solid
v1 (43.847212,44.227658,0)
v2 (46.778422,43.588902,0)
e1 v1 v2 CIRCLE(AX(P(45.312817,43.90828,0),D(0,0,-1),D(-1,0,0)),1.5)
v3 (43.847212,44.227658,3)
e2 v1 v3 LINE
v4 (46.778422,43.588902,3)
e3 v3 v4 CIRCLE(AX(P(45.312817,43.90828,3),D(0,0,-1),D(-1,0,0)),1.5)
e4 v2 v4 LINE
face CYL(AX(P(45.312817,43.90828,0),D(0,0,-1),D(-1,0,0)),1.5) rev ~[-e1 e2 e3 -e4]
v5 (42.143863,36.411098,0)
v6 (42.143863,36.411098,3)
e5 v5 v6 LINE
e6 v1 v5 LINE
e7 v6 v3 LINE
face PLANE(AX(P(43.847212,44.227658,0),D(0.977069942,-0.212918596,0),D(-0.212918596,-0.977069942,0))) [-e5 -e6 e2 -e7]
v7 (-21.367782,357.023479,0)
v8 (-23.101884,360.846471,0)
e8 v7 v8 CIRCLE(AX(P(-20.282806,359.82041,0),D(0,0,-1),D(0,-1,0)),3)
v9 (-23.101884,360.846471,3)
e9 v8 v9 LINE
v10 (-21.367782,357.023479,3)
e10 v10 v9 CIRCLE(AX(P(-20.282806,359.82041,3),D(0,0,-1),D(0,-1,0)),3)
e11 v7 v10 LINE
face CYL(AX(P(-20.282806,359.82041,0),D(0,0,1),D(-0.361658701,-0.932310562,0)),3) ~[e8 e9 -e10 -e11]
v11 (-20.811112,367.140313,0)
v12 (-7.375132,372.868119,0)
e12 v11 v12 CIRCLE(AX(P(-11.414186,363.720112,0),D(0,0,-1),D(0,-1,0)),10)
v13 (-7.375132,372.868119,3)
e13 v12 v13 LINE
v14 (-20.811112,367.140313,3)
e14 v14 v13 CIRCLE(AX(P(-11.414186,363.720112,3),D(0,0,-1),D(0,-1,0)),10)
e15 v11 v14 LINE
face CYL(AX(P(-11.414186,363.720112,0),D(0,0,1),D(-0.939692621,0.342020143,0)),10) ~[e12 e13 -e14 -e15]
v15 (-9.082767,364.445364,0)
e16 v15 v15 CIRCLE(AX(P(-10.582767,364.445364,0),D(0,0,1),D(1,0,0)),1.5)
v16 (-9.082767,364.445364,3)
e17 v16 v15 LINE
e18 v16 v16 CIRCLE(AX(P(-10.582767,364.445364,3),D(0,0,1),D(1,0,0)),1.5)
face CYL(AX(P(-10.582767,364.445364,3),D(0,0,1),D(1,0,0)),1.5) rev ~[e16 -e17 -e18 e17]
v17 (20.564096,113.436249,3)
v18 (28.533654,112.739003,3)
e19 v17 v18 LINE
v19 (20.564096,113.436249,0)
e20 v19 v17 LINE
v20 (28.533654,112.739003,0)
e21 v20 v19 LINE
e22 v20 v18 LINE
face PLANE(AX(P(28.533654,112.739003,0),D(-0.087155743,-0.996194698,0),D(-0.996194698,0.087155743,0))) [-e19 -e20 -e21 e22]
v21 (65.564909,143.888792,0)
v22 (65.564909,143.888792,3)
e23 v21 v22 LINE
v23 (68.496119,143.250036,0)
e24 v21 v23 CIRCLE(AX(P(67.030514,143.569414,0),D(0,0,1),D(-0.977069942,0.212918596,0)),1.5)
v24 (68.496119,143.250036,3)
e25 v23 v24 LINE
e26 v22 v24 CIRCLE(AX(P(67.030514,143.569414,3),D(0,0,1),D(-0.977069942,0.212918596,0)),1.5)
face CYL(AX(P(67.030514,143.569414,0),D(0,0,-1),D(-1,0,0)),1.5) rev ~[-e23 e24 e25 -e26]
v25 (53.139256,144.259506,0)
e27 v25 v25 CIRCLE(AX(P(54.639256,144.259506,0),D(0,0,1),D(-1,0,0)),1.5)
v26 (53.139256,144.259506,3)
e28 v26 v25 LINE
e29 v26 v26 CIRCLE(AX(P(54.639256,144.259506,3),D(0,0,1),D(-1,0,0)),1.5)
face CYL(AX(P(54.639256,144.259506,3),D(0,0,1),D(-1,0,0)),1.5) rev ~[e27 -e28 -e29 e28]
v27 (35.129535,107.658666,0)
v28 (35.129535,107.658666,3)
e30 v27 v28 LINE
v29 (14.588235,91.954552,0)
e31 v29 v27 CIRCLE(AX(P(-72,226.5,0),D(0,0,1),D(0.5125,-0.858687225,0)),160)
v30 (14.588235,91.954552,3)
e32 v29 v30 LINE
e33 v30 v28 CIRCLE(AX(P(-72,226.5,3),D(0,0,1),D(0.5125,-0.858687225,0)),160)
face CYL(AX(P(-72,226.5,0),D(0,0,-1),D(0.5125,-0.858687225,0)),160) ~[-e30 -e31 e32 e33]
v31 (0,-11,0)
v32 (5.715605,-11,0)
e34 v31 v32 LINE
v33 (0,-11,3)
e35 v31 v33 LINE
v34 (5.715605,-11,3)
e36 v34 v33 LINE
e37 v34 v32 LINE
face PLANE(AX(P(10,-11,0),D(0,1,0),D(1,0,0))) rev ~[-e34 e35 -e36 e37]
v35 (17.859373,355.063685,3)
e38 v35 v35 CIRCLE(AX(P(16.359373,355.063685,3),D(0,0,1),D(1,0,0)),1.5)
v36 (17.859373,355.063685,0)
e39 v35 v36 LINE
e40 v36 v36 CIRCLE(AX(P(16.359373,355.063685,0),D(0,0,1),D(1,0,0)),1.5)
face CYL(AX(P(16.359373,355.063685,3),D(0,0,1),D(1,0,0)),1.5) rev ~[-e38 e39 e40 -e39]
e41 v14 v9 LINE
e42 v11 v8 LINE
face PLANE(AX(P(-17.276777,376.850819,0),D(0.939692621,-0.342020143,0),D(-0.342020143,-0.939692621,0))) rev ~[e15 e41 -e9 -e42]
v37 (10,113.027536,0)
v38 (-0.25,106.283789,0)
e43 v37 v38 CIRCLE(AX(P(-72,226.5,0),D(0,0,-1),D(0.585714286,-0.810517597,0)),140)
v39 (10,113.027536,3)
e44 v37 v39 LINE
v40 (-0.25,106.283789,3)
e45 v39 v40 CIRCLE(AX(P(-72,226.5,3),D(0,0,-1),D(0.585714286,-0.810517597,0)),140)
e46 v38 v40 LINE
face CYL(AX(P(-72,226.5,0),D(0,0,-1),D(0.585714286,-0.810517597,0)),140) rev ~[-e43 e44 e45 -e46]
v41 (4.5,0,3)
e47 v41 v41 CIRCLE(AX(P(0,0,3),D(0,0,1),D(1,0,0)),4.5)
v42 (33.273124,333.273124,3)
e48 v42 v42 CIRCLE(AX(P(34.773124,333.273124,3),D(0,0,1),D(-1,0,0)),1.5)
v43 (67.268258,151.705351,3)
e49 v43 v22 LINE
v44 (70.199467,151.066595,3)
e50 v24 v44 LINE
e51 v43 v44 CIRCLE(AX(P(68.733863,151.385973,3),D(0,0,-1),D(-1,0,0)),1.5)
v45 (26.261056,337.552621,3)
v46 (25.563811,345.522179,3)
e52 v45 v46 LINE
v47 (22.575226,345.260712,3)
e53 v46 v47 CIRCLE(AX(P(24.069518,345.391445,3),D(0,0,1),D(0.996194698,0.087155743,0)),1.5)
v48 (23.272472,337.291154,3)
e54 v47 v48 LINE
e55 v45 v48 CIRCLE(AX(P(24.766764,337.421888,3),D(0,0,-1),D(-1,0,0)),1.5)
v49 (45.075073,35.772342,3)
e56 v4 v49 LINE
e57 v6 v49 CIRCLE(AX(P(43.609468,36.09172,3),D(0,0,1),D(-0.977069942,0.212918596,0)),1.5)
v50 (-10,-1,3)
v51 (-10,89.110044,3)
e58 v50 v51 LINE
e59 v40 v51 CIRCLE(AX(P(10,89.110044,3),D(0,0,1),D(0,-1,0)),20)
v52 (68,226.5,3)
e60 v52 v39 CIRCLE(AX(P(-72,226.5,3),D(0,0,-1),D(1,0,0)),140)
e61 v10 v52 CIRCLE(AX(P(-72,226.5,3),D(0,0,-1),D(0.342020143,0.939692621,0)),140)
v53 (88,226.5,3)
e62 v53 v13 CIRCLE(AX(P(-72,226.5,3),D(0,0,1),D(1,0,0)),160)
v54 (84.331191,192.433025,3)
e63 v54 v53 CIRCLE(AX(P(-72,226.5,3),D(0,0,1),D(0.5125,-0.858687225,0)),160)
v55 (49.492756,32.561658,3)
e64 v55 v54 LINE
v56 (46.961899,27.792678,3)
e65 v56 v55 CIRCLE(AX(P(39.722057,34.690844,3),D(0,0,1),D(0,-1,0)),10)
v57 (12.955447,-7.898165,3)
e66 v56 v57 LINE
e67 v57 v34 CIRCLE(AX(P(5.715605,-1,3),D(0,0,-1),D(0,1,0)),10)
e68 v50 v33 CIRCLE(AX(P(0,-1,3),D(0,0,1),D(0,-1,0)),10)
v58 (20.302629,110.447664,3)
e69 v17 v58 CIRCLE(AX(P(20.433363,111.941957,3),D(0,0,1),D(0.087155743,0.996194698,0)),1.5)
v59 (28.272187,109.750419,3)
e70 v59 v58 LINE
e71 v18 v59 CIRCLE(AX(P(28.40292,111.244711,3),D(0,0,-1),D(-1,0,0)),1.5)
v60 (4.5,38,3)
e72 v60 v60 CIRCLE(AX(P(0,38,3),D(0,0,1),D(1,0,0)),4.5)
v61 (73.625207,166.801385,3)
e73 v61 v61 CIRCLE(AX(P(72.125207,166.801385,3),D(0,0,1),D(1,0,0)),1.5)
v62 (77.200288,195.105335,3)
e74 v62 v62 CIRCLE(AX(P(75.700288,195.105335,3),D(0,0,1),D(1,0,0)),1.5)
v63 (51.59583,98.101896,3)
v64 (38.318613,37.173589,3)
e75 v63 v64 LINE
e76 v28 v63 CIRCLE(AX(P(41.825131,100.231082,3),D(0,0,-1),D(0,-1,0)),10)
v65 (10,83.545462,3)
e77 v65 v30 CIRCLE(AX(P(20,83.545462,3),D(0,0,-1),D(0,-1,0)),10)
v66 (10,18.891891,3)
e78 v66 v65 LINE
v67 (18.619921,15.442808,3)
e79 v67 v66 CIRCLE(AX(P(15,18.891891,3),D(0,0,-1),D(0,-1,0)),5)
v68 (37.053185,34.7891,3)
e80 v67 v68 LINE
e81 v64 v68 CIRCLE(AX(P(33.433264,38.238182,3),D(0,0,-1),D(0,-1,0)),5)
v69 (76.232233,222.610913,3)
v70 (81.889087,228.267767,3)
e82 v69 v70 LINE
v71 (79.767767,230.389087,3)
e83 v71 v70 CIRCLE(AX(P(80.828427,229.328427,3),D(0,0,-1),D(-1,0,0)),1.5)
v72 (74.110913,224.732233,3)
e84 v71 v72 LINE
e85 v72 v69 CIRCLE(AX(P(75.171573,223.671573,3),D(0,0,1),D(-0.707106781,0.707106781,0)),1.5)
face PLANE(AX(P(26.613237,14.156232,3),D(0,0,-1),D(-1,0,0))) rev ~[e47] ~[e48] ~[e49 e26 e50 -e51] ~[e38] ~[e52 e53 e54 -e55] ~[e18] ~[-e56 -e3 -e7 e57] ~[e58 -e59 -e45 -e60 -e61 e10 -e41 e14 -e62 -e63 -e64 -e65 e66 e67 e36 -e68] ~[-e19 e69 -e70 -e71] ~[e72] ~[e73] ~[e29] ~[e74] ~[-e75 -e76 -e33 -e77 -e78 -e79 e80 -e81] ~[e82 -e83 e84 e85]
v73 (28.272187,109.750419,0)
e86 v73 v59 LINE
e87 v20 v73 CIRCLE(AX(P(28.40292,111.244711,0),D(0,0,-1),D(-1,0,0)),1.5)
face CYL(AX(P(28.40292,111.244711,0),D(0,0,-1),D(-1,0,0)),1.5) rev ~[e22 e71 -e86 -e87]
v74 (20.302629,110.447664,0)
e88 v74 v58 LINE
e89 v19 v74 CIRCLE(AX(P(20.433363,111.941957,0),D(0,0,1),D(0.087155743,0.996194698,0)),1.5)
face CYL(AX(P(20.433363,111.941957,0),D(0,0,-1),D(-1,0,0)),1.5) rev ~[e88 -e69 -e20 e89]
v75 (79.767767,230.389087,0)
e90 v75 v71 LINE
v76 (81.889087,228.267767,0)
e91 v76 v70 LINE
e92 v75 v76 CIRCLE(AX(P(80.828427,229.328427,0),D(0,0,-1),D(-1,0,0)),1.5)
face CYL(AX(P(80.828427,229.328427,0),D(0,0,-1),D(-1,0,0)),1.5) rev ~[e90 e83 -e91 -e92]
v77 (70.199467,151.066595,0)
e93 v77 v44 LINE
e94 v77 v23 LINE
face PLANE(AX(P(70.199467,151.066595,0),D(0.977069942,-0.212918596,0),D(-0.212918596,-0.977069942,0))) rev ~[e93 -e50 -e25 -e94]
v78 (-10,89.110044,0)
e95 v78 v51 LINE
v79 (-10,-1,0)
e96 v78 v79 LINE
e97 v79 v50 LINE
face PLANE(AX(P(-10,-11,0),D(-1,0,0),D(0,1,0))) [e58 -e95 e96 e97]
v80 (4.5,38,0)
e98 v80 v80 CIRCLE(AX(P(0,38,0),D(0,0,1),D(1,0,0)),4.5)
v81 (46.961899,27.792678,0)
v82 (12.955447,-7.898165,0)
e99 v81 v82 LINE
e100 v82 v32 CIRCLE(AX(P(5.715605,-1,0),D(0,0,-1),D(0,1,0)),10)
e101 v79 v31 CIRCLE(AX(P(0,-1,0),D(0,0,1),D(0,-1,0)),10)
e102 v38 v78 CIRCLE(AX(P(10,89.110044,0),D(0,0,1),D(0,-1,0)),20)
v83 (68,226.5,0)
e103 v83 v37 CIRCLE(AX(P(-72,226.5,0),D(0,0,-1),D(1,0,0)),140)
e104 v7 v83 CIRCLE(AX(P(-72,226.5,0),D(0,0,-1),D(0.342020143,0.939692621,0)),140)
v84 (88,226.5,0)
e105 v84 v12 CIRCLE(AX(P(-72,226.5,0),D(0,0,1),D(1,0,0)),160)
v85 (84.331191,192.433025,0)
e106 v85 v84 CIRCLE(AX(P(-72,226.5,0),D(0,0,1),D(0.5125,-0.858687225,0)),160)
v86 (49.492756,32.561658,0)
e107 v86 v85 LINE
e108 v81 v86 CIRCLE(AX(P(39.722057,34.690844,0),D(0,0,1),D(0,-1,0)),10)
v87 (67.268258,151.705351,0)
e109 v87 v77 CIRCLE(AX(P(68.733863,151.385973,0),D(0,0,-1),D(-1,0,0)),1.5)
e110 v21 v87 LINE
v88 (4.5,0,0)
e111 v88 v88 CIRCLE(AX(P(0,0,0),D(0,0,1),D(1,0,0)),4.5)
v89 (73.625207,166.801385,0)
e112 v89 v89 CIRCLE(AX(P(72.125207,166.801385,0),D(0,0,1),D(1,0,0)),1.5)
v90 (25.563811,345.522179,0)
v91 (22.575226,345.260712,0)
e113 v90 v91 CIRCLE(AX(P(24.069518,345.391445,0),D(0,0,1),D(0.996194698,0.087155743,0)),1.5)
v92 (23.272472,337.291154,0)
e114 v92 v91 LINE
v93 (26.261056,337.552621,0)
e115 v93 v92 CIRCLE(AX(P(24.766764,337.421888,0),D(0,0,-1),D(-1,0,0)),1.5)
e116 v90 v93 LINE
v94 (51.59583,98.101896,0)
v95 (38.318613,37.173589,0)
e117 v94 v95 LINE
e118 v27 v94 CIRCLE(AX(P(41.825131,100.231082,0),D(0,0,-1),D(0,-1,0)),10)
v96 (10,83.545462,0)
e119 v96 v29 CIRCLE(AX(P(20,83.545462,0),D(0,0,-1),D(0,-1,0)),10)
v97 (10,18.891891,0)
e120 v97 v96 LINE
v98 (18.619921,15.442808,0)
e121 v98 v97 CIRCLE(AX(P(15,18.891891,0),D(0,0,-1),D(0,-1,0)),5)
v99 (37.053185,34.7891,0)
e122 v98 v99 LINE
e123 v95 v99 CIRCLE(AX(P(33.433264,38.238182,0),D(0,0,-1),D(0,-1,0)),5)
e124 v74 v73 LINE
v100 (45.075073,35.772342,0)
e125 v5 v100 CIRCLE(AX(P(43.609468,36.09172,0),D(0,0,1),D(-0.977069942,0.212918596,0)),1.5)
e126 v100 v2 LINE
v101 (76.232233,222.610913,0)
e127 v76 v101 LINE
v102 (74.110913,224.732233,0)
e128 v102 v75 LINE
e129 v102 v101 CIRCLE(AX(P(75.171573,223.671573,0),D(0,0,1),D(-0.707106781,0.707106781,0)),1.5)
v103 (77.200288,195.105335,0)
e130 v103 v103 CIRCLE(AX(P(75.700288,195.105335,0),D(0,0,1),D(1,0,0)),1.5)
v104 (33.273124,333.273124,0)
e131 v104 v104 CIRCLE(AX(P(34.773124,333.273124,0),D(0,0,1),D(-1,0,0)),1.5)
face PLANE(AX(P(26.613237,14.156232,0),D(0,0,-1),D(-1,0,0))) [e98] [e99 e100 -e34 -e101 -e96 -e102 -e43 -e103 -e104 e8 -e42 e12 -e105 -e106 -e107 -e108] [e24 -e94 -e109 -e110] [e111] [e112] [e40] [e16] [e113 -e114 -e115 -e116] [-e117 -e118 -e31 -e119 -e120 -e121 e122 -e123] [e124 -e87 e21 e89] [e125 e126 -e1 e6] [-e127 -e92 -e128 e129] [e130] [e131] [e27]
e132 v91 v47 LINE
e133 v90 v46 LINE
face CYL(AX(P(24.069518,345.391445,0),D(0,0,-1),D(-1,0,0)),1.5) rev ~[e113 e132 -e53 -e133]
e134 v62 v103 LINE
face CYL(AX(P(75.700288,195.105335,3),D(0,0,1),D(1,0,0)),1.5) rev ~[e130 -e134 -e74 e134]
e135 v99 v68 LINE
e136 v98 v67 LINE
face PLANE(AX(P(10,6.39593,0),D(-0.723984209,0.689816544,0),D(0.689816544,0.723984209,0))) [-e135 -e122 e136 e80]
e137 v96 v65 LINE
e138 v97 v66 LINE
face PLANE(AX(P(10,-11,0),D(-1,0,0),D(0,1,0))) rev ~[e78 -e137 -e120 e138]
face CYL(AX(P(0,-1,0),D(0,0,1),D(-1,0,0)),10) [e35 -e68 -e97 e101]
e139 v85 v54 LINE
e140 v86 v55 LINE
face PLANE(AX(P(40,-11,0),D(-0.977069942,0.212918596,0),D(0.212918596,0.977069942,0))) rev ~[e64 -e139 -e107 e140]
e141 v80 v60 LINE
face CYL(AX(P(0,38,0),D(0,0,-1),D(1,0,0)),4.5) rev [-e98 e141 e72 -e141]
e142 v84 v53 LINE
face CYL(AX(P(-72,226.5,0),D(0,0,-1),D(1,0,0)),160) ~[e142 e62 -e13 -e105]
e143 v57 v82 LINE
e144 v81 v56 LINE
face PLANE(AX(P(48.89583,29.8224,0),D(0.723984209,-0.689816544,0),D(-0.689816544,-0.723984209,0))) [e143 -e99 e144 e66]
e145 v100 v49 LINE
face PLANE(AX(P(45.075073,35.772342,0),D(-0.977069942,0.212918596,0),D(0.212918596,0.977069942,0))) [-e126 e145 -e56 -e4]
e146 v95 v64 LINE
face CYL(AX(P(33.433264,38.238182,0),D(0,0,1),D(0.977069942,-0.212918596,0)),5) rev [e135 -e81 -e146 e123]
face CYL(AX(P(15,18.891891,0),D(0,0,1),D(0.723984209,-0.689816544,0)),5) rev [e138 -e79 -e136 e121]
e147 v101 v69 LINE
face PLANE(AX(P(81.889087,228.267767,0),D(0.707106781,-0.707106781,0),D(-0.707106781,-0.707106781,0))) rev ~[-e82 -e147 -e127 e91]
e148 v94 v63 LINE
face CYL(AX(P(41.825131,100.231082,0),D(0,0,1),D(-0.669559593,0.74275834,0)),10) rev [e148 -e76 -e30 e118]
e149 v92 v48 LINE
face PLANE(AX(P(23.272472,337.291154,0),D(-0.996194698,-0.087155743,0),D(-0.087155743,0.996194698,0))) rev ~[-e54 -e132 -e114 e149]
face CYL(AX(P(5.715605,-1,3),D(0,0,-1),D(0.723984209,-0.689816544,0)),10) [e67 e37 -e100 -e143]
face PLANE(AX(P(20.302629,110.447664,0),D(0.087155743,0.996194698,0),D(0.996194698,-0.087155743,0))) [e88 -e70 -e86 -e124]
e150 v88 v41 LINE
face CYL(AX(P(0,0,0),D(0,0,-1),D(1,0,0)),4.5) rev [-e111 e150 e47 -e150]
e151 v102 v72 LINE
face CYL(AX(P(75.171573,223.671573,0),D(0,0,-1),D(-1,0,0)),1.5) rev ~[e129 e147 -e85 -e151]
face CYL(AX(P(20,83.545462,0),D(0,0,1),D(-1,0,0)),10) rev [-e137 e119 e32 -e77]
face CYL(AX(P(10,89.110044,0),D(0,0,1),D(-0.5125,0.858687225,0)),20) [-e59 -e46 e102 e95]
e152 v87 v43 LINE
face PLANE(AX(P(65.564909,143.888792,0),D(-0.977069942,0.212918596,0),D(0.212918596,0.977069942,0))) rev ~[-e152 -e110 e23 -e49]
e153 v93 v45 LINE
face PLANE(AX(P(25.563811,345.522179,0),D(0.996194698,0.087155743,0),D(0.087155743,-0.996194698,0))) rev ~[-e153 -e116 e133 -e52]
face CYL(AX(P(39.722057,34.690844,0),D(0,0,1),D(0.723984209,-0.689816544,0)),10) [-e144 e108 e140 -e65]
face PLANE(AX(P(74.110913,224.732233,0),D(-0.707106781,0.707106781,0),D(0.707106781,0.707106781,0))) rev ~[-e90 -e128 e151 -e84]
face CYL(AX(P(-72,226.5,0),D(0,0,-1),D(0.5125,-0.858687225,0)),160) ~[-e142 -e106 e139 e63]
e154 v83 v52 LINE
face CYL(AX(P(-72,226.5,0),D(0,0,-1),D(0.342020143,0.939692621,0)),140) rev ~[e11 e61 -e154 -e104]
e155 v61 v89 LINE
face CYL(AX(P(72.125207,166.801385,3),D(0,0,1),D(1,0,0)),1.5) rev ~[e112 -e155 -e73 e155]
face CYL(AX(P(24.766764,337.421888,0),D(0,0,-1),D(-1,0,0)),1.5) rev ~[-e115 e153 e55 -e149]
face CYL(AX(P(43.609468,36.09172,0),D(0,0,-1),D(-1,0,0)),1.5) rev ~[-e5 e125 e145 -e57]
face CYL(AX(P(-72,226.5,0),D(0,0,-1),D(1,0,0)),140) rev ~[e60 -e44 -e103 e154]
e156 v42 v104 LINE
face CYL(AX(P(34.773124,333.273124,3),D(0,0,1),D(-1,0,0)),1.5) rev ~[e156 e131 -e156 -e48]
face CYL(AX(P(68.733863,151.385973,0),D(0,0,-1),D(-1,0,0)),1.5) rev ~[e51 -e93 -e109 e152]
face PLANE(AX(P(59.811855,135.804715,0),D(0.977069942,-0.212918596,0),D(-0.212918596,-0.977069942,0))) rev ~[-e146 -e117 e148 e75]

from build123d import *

# Parameters (mm, degrees)
SKETCH_1_W          = 20
SKETCH_1_H          = 60
SKETCH_1_R          = 4.5
EXTRUDE_1_DEPTH     = 3
EXTRUDE_START       = -3
EXTRUDE_2_DEPTH     = 3
FILLET_2_R          = 20
FILLET_3_R          = 10
FILLET_4_R          = 3
FILLET_5_R          = 10
CUT_EXTRUDE_1_DEPTH = 384.952760264
CUT_EXTRUDE_2_DEPTH = 384.952760264
SKETCH_5_R          = 1.5
CUT_EXTRUDE_3_DEPTH = 384.952760264
CUT_EXTRUDE_4_DEPTH = 384.952760264
EXTRUDE_3_DEPTH     = 3
FILLET_6_R          = 10
FILLET_7_R          = 5
SKETCH_8_R          = 1.5
CUT_EXTRUDE_5_DEPTH = 384.952760264


with BuildPart() as part:
    # 草图1 → 凸台-拉伸1 (new body)
    # profile 1 of 4: a face of its own
    with BuildSketch(Plane.XY):
        with BuildLine():
            ThreePointArc((88, 226.5), (59.064327086, 318.272229816), (-17.276777068, 376.850819326))
            Line((-17.276777068, 376.850819326), (-24.117179934, 358.05696691))
            ThreePointArc((-24.117179934, 358.05696691), (42.6812862, 306.800701089), (68, 226.5))
            ThreePointArc((68, 226.5), (52.659536338, 162.781870712), (10, 113.02753638))
            Line((10, 113.02753638), (10, 89.110044035))
            ThreePointArc((10, 89.110044035), (67.140217047, 147.506329367), (88, 226.5))
        make_face()
    # profile 2 of 4: a face of its own
    with BuildSketch(Plane.XY):
        with BuildLine():
            Line((-10, 100.977093724), (-10, 79.00084746))
            ThreePointArc((-10, 79.00084746), (0.177205293, 83.704863402), (10, 89.110044035))
            Line((10, 89.110044035), (10, 113.02753638))
            ThreePointArc((10, 113.02753638), (0.251666362, 106.584626891), (-10, 100.977093724))
        make_face()
    # profile 3 of 4: a face of its own
    with BuildSketch(Plane.XY):
        with BuildLine():
            Line((-10, 79.00084746), (-10, 49))
            Line((-10, 49), (10, 49))
            Line((10, 49), (10, 89.110044035))
            ThreePointArc((10, 89.110044035), (0.177205293, 83.704863402), (-10, 79.00084746))
        make_face()
    # profile 4 of 4: a face of its own
    with BuildSketch(Plane.XY):
        with Locations((0, 19)):
            Rectangle(SKETCH_1_W, SKETCH_1_H)
        with Locations((0, 38)):
            Circle(SKETCH_1_R, mode=Mode.SUBTRACT)
        Circle(SKETCH_1_R, mode=Mode.SUBTRACT)
    extrude(amount=EXTRUDE_1_DEPTH)

    # 草图2 → 凸台-拉伸2 (add)
    with BuildSketch(Plane.XY.offset(3).offset(EXTRUDE_START)):
        with BuildLine():
            Line((10, -1), (10, -11))
            Line((10, -11), (40, -11))
            Line((40, -11), (84.331190721, 192.433024677))
            ThreePointArc((84.331190721, 192.433024677), (74.827433124, 162.925595698), (59.811855282, 135.804714527))
            Line((59.811855282, 135.804714527), (30, -1))
            Line((30, -1), (10, -1))
        make_face()
    extrude(amount=EXTRUDE_2_DEPTH)

    # 圆角2
    fillet_2_edges = [part.edges().sort_by_distance(p)[0] for p in [
        (-10, 100.977093724, 1.5),
    ]]
    fillet(fillet_2_edges, radius=FILLET_2_R)

    # 圆角3
    fillet_3_edges = [part.edges().sort_by_distance(p)[0] for p in [
        (-10, -11, 1.5),
        (40, -11, 1.5),
    ]]
    fillet(fillet_3_edges, radius=FILLET_3_R)

    # 圆角4
    fillet_4_edges = [part.edges().sort_by_distance(p)[0] for p in [
        (-24.117179934, 358.05696691, 1.5),
    ]]
    fillet(fillet_4_edges, radius=FILLET_4_R)

    # 圆角5
    fillet_5_edges = [part.edges().sort_by_distance(p)[0] for p in [
        (-17.276777068, 376.850819326, 1.5),
    ]]
    fillet(fillet_5_edges, radius=FILLET_5_R)

    # 草图3 → 切除-拉伸1 (cut, through all)
    with BuildSketch(Plane(origin=(0, 0, 0), x_dir=(-1, 0, 0), z_dir=(0, 0, -1))):
        Polygon((-46.77842194, 43.588901874), (-43.847212114, 44.227657662), (-42.143863348, 36.411098126), (-45.075073174, 35.772342338), align=None)
        Polygon((-70.199467474, 151.066595495), (-68.496118708, 143.250035959), (-65.564908882, 143.888791747), (-67.268257648, 151.705351283), align=None)
    extrude(amount=-CUT_EXTRUDE_1_DEPTH, mode=Mode.SUBTRACT)

    # 草图4 → 切除-拉伸2 (cut, through all)
    with BuildSketch(Plane(origin=(0, 0, 0), x_dir=(-1, 0, 0), z_dir=(0, 0, -1))):
        Polygon((-28.272186631, 109.750418514), (-28.533653859, 112.739002608), (-20.564096275, 113.43624855), (-20.302629046, 110.447664456), align=None)
        Polygon((-81.889087297, 228.267766953), (-76.232233047, 222.610912703), (-74.110912703, 224.732233047), (-79.767766953, 230.389087297), align=None)
        Polygon((-25.563810529, 345.522178874), (-26.261056471, 337.55262129), (-23.272472377, 337.291154061), (-22.575226435, 345.260711646), align=None)
        Polygon((100.463470173, 377.744196764), (93.910253818, 373.155585273), (95.630983127, 370.69812914), (102.184199482, 375.286740631), align=None)
    extrude(amount=-CUT_EXTRUDE_2_DEPTH, mode=Mode.SUBTRACT)

    # 草图5 → 切除-拉伸3 (cut, through all)
    with BuildSketch(Plane.XY.offset(3)):
        with Locations((72.125207072, 166.801384551)):
            Circle(SKETCH_5_R)
        with Locations((75.700287711, 195.105334687)):
            Circle(SKETCH_5_R)
        with Locations(Location((54.63925576, 144.259505713, 0), (0, 0, 180))):
            Circle(SKETCH_5_R)
        with Locations(Location((34.773123959, 333.273123959, 0), (0, 0, 180))):
            Circle(SKETCH_5_R)
        with Locations((16.35937296, 355.063685425)):
            Circle(SKETCH_5_R)
        with Locations((-10.582766896, 364.445364104)):
            Circle(SKETCH_5_R)
    extrude(amount=-CUT_EXTRUDE_3_DEPTH, mode=Mode.SUBTRACT)

    # 草图6 → 切除-拉伸4 (cut, through all)
    with BuildSketch(Plane(origin=(0, 0, 0), x_dir=(-1, 0, 0), z_dir=(0, 0, -1))):
        Polygon((-48.895829905, 29.822399649), (-37.268809589, 32.356106534), (-10, -1), (-10, -25.455905849), (-44.544329985, -23.840605691), align=None)
    extrude(amount=-CUT_EXTRUDE_4_DEPTH, mode=Mode.SUBTRACT)

    # 草图7 → 凸台-拉伸3 (add)
    with BuildSketch(Plane(origin=(0, 0, 0), x_dir=(-1, 0, 0), z_dir=(0, 0, -1))):
        Polygon((-48.895829905, 29.822399649), (-10, -11), (-10, 6.39592954), (-38.020150061, 35.803960345), (-37.268809589, 32.356106534), align=None)
    extrude(amount=-EXTRUDE_3_DEPTH)

    # 圆角6
    fillet_6_edges = [part.edges().sort_by_distance(p)[0] for p in [
        (10, 89.110044035, 1.5),
        (10, -11, 1.5),
        (48.895829905, 29.822399649, 1.5),
        (59.811855282, 135.804714527, 1.5),
    ]]
    fillet(fillet_6_edges, radius=FILLET_6_R)

    # 圆角7
    fillet_7_edges = [part.edges().sort_by_distance(p)[0] for p in [
        (38.020150061, 35.803960345, 1.5),
        (10, 6.39592954, 1.5),
    ]]
    fillet(fillet_7_edges, radius=FILLET_7_R)

    # 草图8 → 切除-拉伸5 (cut, through all)
    with BuildSketch(Plane(origin=(0, 0, 0), x_dir=(-1, 0, 0), z_dir=(0, 0, -1))):
        with Locations((-43.609468261, 36.091720232)):
            Circle(SKETCH_8_R)
        with Locations((-45.312817027, 43.908279768)):
            Circle(SKETCH_8_R)
        with Locations((-67.030513795, 143.569413853)):
            Circle(SKETCH_8_R)
        with Locations((-68.733862561, 151.385973389)):
            Circle(SKETCH_8_R)
        with Locations((-28.402920245, 111.244710561)):
            Circle(SKETCH_8_R)
        with Locations((-20.433362661, 111.941956503)):
            Circle(SKETCH_8_R)
        with Locations((-75.171572875, 223.671572875)):
            Circle(SKETCH_8_R)
        with Locations((-80.828427125, 229.328427125)):
            Circle(SKETCH_8_R)
        with Locations((-24.766764424, 337.421887675)):
            Circle(SKETCH_8_R)
        with Locations((-24.069518482, 345.39144526)):
            Circle(SKETCH_8_R)
    extrude(amount=-CUT_EXTRUDE_5_DEPTH, mode=Mode.SUBTRACT)


solid = part.part
